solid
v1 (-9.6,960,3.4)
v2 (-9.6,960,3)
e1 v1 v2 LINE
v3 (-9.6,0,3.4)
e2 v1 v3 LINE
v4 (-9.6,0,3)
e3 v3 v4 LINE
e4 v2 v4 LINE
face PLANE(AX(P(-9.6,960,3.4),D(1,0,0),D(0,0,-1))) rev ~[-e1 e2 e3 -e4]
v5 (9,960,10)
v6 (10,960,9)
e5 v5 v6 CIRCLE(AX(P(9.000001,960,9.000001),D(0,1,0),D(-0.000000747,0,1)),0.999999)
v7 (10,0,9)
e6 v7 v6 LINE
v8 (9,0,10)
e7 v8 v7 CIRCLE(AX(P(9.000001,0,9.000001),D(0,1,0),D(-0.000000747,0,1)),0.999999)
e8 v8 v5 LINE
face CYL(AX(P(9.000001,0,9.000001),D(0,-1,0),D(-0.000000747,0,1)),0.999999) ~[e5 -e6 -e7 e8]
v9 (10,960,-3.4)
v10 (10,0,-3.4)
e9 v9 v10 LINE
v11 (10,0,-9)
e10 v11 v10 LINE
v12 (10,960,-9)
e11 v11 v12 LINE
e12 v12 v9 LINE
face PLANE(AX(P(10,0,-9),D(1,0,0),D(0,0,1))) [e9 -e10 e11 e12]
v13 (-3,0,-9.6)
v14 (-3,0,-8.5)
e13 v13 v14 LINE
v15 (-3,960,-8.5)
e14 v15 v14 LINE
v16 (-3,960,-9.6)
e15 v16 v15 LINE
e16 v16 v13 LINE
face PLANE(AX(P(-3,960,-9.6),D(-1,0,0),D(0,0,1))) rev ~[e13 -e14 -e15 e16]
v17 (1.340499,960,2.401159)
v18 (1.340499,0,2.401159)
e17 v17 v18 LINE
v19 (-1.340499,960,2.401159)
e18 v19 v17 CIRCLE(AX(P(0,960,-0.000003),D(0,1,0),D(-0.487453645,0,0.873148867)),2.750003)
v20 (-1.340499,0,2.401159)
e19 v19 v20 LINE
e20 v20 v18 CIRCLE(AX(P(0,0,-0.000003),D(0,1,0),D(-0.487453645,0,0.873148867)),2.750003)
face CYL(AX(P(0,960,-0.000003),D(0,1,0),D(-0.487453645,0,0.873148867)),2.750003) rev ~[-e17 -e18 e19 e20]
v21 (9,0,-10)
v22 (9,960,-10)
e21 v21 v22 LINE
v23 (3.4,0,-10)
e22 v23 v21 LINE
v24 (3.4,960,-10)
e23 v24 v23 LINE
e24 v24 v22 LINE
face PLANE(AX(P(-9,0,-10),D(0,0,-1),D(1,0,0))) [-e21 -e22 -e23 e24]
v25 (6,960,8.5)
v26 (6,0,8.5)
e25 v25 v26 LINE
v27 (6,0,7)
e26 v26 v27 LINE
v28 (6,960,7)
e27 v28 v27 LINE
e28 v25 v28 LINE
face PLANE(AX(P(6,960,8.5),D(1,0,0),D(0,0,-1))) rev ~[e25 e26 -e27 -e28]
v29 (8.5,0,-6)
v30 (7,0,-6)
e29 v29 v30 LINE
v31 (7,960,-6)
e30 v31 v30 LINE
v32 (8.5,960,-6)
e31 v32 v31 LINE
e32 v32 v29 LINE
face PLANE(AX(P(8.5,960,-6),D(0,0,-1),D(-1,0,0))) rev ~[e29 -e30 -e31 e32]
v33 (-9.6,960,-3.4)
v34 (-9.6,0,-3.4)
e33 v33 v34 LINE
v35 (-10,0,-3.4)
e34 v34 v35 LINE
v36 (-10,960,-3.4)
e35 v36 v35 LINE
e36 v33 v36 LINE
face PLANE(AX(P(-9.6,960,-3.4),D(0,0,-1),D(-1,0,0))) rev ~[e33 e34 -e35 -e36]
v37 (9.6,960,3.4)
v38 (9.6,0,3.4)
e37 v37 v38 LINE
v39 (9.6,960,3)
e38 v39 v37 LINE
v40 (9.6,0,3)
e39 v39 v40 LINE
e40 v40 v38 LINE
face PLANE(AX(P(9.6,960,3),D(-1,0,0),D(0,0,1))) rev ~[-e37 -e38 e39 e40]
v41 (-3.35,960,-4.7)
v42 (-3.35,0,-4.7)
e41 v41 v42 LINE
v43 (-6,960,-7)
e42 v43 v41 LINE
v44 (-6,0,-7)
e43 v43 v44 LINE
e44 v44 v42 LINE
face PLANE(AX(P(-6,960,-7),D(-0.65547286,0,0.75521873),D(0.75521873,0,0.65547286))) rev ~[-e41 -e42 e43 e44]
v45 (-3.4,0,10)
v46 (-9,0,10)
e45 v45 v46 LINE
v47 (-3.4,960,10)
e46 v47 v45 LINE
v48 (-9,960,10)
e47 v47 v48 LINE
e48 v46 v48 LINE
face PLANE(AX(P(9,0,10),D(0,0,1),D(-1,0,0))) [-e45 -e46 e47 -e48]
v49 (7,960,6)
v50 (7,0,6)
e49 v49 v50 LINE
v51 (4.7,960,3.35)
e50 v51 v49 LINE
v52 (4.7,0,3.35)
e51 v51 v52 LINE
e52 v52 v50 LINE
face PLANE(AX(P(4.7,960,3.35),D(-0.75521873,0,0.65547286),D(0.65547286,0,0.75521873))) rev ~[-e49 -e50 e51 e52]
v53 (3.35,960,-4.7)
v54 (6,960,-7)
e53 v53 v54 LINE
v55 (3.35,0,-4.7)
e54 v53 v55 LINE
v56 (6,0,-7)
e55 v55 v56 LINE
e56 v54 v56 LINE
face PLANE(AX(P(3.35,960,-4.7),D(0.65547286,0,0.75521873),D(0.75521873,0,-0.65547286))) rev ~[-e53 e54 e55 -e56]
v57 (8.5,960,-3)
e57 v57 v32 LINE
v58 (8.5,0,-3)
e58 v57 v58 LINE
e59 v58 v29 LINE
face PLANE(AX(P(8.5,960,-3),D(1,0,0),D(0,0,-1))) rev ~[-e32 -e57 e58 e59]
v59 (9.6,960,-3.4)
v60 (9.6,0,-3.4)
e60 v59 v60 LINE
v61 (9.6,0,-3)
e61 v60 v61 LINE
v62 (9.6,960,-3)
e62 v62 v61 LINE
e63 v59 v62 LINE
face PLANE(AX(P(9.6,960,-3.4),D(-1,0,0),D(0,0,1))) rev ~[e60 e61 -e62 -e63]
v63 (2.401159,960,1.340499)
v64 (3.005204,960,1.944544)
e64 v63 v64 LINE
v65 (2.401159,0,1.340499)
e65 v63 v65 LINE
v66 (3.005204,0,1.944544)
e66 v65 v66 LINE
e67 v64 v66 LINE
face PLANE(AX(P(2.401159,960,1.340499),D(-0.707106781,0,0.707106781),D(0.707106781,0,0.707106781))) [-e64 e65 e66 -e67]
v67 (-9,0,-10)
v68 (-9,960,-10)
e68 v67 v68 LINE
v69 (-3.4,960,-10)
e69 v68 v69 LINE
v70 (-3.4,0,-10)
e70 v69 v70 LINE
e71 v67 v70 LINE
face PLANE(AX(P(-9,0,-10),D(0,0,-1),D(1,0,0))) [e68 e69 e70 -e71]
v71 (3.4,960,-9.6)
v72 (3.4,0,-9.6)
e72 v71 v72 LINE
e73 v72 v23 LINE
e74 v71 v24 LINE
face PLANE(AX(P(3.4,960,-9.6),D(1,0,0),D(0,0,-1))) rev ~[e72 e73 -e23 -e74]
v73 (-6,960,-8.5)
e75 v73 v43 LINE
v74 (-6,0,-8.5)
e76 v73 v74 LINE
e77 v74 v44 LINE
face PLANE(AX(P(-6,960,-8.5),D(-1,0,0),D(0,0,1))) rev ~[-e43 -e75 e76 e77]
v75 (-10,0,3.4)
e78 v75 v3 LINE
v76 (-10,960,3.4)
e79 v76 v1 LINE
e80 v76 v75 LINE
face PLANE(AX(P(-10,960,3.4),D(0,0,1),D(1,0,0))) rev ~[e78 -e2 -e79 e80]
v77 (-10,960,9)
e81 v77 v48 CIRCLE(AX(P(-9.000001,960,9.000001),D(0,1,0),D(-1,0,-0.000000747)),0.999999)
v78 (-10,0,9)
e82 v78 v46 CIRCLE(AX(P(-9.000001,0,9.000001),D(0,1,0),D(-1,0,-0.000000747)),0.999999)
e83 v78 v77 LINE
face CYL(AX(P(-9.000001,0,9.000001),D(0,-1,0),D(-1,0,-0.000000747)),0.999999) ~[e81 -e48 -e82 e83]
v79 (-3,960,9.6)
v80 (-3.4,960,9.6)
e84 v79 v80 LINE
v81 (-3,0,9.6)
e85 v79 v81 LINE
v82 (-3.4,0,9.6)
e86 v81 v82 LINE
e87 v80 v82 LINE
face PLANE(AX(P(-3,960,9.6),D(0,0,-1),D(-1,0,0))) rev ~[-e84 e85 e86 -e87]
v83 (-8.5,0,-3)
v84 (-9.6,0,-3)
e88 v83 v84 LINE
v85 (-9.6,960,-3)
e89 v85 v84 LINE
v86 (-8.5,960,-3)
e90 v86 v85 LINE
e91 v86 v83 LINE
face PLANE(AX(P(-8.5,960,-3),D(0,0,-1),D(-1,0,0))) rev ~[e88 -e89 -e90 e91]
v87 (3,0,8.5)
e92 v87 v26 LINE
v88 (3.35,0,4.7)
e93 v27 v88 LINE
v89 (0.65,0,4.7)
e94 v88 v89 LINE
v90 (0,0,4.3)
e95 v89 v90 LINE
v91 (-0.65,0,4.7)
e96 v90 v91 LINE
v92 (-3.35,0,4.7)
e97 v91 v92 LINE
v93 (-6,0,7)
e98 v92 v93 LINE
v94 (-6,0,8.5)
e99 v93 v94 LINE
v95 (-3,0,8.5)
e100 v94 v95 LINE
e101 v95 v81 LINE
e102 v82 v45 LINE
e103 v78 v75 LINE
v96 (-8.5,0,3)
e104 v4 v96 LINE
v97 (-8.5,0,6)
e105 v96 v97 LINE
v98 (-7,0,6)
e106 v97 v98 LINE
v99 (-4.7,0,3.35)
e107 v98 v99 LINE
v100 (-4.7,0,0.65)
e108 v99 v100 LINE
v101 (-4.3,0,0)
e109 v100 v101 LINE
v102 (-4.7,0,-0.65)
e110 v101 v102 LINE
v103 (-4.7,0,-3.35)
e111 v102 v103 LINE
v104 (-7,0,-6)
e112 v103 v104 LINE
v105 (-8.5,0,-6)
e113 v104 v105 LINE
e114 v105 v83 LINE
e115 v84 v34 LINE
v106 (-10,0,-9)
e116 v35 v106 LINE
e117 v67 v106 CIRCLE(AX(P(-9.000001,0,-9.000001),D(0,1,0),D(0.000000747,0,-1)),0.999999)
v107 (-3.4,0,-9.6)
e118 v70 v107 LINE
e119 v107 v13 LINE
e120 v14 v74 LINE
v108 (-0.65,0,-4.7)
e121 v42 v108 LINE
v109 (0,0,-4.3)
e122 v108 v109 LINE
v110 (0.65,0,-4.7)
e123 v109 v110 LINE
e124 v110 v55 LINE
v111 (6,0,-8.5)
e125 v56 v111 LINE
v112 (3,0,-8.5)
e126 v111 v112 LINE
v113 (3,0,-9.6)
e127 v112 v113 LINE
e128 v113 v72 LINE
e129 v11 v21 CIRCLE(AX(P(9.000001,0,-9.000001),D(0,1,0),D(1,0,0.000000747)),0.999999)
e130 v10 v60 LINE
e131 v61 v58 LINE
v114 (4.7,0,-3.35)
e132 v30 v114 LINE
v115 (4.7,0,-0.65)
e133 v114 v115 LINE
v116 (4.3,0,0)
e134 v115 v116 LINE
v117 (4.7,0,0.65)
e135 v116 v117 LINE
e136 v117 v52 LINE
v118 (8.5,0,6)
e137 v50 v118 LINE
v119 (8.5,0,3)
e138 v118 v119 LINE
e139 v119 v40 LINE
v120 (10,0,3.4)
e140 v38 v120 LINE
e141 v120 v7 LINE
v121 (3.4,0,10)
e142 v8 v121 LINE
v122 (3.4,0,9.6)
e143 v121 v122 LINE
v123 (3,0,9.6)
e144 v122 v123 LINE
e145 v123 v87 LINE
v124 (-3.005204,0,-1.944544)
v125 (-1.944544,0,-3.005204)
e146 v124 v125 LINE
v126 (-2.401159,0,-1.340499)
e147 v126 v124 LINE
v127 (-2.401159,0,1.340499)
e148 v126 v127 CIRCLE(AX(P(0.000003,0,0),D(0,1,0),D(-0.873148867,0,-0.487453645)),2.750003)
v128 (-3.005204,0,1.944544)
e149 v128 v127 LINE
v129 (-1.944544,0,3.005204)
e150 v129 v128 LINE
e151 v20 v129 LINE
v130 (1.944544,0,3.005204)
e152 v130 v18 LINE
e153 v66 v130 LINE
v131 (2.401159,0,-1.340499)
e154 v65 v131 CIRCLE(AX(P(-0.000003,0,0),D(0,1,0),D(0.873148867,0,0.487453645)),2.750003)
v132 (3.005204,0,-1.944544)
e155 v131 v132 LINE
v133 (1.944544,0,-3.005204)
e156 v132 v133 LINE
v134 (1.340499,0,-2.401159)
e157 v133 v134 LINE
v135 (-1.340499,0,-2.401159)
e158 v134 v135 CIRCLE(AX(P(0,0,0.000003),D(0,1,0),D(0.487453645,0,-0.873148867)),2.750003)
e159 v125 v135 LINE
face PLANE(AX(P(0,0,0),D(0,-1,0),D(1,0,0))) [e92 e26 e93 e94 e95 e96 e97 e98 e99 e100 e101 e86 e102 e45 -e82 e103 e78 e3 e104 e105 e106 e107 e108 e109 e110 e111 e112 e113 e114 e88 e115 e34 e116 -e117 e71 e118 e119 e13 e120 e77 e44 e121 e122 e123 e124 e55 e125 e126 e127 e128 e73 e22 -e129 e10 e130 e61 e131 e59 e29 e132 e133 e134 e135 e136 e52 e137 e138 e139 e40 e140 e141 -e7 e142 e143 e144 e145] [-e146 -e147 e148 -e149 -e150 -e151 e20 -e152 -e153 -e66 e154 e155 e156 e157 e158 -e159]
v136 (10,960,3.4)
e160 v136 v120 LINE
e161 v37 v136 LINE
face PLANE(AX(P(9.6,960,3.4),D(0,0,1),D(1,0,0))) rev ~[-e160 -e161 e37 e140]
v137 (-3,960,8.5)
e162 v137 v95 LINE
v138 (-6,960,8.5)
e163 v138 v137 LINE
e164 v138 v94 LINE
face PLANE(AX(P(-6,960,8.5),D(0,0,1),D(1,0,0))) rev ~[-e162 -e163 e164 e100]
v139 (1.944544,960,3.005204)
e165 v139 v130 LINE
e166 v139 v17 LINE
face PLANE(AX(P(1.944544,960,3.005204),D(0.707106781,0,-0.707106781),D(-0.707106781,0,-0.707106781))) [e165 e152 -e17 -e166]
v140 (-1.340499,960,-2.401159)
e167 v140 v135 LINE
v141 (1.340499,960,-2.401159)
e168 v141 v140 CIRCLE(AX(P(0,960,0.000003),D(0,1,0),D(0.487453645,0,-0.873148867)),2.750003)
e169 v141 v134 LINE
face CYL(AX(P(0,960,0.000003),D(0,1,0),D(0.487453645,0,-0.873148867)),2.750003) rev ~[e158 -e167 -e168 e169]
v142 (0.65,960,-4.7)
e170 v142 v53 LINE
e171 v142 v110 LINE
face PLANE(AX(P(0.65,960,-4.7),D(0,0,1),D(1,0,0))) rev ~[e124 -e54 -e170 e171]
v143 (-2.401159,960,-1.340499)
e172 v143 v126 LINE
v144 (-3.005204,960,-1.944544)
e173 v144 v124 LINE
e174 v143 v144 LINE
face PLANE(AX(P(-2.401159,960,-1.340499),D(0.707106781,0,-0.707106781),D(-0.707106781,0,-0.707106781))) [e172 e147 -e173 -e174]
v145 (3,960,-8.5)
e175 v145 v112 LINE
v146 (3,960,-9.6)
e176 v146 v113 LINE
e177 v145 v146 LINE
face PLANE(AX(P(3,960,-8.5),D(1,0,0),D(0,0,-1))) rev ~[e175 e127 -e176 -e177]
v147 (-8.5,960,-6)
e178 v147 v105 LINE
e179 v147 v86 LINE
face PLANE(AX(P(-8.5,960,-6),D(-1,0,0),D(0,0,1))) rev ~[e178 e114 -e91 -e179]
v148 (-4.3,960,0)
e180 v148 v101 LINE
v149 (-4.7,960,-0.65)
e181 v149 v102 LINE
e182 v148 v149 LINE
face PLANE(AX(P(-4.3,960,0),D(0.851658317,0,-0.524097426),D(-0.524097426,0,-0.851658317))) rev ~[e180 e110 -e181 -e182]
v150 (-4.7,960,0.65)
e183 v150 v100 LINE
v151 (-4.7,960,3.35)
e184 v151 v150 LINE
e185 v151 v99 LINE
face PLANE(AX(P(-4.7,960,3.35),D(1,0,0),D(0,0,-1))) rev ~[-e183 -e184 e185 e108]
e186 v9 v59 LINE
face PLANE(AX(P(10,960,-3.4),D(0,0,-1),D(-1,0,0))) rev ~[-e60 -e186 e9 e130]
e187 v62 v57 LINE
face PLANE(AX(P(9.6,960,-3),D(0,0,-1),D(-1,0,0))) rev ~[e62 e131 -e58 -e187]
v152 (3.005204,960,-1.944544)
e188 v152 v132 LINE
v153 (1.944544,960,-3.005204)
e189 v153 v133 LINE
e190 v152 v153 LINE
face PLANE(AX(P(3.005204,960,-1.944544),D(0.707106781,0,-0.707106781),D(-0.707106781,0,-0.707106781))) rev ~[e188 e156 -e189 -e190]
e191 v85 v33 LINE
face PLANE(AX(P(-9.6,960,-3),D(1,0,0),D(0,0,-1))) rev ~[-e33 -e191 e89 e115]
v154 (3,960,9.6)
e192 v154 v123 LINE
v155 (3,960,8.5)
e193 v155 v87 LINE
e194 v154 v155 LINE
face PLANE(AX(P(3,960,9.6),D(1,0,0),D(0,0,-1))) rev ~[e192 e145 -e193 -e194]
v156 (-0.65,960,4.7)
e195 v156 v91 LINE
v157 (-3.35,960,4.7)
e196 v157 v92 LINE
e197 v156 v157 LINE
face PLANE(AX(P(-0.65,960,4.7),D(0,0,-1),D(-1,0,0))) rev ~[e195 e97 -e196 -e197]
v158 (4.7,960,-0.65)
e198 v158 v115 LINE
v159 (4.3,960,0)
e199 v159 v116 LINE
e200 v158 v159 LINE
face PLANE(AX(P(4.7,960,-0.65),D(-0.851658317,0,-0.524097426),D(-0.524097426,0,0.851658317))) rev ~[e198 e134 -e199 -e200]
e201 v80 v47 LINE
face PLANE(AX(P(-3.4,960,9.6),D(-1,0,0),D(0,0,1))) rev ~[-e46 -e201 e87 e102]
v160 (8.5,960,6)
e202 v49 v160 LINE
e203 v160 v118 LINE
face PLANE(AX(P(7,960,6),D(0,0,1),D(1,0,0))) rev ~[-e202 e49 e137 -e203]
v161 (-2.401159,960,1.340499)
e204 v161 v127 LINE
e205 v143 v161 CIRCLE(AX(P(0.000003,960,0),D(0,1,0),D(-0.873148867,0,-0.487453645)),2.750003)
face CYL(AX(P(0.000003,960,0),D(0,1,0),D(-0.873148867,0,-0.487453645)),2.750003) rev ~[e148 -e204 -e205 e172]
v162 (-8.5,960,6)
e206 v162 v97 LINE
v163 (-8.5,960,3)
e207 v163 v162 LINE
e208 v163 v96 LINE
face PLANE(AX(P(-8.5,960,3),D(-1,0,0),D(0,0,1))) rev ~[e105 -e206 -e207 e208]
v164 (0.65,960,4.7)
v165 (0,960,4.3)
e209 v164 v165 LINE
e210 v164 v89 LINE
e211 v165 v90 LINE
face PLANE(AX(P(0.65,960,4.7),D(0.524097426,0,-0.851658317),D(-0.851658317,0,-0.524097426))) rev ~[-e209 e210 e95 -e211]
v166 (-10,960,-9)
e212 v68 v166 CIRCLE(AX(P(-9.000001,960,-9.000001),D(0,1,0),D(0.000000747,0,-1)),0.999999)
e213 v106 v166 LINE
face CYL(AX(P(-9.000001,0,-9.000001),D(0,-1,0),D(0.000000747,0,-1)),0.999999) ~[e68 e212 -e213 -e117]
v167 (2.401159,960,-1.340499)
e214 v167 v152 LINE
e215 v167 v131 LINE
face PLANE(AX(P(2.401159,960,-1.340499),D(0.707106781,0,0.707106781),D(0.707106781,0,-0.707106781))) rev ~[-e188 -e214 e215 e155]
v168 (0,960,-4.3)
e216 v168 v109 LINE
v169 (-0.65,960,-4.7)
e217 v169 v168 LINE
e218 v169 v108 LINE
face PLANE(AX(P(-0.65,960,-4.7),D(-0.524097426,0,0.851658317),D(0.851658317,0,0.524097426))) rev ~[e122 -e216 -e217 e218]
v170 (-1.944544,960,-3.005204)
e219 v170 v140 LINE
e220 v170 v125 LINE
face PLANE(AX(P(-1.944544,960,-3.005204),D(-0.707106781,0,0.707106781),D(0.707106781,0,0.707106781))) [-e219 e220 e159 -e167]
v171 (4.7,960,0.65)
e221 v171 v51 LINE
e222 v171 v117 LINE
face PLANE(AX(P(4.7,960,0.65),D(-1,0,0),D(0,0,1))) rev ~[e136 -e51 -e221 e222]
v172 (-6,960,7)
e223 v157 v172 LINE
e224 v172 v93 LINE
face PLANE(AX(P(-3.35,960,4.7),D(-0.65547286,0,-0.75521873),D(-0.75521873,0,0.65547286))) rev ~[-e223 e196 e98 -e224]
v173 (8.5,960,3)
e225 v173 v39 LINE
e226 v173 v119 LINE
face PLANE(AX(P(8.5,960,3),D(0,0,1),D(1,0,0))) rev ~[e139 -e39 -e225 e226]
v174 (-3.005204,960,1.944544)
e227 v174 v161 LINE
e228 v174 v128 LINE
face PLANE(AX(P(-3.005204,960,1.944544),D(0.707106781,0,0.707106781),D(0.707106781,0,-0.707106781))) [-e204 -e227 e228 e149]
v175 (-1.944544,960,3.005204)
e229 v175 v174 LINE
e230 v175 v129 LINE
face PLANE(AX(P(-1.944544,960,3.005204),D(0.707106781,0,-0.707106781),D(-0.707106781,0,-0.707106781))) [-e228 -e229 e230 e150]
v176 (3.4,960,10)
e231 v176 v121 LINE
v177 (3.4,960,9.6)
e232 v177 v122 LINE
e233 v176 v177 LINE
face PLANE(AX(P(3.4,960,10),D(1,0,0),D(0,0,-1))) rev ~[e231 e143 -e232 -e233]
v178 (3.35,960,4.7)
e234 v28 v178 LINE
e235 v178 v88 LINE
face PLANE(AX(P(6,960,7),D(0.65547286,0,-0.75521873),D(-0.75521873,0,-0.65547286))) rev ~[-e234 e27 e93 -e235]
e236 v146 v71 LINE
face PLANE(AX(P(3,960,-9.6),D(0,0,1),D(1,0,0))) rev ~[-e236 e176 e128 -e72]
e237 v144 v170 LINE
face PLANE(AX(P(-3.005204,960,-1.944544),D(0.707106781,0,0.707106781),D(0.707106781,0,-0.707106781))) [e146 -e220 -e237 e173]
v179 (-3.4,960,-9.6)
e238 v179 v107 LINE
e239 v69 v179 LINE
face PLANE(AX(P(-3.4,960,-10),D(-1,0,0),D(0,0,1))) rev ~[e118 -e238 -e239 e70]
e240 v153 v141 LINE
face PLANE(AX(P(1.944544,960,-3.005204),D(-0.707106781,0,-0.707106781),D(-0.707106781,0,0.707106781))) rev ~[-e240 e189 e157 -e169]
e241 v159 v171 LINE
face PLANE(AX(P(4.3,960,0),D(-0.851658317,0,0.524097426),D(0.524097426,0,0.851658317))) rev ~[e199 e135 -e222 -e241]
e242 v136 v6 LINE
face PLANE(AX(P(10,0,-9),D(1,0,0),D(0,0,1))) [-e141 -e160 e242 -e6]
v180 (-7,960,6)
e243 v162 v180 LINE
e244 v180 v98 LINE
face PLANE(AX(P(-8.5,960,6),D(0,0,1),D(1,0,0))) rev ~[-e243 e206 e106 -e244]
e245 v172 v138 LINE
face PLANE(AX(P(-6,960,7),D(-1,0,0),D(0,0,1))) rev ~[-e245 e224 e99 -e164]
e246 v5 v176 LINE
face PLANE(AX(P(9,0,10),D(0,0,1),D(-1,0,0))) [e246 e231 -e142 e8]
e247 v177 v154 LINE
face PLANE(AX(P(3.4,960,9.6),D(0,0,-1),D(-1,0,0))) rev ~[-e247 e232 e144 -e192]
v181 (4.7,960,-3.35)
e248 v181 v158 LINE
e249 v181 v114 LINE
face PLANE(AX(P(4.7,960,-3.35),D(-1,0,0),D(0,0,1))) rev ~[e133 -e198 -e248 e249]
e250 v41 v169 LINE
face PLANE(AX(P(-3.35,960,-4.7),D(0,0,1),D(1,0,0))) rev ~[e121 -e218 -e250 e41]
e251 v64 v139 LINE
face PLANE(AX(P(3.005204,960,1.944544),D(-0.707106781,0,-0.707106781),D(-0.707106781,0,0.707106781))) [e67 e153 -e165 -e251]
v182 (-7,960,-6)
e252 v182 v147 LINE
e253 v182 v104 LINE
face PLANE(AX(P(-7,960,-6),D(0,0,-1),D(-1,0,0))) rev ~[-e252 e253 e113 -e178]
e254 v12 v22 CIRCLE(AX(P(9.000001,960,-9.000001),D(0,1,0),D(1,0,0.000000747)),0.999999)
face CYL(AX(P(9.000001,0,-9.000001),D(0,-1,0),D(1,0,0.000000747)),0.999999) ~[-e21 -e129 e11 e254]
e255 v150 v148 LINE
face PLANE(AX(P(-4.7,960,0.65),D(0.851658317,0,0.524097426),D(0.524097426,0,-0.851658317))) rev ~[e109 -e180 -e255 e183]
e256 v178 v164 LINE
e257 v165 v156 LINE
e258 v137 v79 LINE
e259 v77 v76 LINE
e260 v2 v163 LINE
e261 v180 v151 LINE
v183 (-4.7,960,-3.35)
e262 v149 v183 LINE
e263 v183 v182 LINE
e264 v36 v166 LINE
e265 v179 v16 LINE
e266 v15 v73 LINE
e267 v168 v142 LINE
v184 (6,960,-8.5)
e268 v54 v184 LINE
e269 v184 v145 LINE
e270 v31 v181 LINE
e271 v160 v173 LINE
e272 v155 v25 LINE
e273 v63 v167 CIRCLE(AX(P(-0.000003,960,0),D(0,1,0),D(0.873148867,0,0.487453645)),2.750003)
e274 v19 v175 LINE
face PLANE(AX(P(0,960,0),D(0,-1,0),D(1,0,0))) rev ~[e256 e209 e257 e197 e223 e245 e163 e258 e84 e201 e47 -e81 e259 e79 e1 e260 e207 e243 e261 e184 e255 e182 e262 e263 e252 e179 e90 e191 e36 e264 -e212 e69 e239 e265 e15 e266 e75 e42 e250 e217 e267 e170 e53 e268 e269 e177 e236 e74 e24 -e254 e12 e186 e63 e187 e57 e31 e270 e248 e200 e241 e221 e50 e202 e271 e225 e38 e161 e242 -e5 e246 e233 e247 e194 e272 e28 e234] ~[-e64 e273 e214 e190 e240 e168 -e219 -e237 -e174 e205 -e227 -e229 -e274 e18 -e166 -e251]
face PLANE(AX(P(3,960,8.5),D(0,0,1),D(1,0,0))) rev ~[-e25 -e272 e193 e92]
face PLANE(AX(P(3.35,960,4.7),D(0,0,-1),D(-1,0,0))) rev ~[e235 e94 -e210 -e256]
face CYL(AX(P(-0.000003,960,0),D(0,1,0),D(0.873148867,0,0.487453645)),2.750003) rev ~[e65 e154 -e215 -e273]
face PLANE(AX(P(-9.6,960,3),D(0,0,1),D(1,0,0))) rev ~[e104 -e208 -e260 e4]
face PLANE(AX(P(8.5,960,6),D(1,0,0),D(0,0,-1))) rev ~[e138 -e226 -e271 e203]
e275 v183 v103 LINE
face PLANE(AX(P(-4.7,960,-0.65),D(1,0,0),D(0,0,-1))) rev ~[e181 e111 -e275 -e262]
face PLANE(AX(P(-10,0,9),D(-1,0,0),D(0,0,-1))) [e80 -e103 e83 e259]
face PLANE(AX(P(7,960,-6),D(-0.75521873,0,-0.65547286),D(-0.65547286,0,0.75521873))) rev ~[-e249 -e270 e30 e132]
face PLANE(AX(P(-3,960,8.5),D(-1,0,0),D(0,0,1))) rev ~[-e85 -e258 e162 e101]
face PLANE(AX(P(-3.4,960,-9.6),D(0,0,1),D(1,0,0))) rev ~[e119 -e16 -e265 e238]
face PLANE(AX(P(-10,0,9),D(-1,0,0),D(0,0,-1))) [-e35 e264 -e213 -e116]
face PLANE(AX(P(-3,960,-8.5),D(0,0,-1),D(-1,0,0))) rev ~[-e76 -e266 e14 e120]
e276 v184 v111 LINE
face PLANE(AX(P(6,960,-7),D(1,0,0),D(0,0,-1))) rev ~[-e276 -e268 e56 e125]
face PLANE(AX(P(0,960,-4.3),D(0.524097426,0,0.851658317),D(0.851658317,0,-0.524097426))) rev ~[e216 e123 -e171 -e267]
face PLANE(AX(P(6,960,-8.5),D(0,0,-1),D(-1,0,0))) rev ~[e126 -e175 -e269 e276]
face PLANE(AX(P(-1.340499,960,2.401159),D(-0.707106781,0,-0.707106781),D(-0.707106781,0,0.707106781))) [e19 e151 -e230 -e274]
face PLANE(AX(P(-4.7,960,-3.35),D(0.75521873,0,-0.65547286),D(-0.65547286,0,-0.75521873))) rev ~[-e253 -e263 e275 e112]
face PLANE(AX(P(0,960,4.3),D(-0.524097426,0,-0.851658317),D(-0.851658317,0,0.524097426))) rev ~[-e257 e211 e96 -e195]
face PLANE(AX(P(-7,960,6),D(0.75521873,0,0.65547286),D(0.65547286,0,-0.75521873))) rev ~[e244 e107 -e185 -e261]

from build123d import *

# Parameters (mm, degrees)
PAD_DEPTH          = 960
POCKET_DEPTH       = 960
POLARPATTERN_COUNT = 4
POCKET001_DEPTH    = 960


with BuildPart() as part:
    # Sketch → Pad (new body)
    with BuildSketch(Plane(origin=(0, 0, 0), x_dir=(-1, 0, 0), z_dir=(0, 1, 0))):
        with BuildLine():
            Line((-9, 10), (9, 10))
            ThreePointArc((10, 9), (9.707107, 9.707107), (9, 10))
            Line((10, 9), (10, -9))
            ThreePointArc((9, -10), (9.707107, -9.707107), (10, -9))
            Line((9, -10), (-9, -10))
            ThreePointArc((-10, -9), (-9.707107, -9.707107), (-9, -10))
            Line((-10, -9), (-10, 9))
            ThreePointArc((-9, 10), (-9.707107, 9.707107), (-10, 9))
        make_face()
    extrude(amount=PAD_DEPTH)

    # Sketch001 (on Face10 of Pad) → Pocket (cut)
    with BuildSketch(Plane(origin=(0, 960, 0), x_dir=(1, 0, 0), z_dir=(0, 1, 0))):
        Polygon((-3.4, 10), (-3.4, 9.6), (-3, 9.6), (-3, 8.5), (-6, 8.5), (-6, 7), (-3.35, 4.7), (-0.65, 4.7), (0, 4.3), (0.65, 4.7), (3.35, 4.7), (6, 7), (6, 8.5), (3, 8.5), (3, 9.6), (3.4, 9.6), (3.4, 10), align=None)
    pocket = extrude(amount=-POCKET_DEPTH, mode=Mode.SUBTRACT)

    # PolarPattern: Pocket ×4 about axis
    polarpattern_axis = Axis((0, 960, 0), (0, 1, 0))
    for i in range(1, POLARPATTERN_COUNT):
        add(pocket.rotate(polarpattern_axis, i * 360 / POLARPATTERN_COUNT), mode=Mode.SUBTRACT)

    # Sketch002 (on Face4 of PolarPattern) → Pocket001 (cut)
    with BuildSketch(Plane(origin=(0, 960, 0), x_dir=(1, 0, 0), z_dir=(0, 1, 0))):
        with BuildLine():
            ThreePointArc((1.340499, 2.401159), (0, 2.75), (-1.340499, 2.401159))
            Line((-1.944544, 3.005204), (-1.340499, 2.401159))
            Line((-3.005204, 1.944544), (-1.944544, 3.005204))
            Line((-2.401159, 1.340499), (-3.005204, 1.944544))
            ThreePointArc((-2.401159, 1.340499), (-2.75, 0), (-2.401159, -1.340499))
            Line((-3.005204, -1.944544), (-2.401159, -1.340499))
            Line((-1.944544, -3.005204), (-3.005204, -1.944544))
            Line((-1.340499, -2.401159), (-1.944544, -3.005204))
            ThreePointArc((-1.340499, -2.401159), (0, -2.75), (1.340499, -2.401159))
            Line((1.944544, -3.005204), (1.340499, -2.401159))
            Line((3.005204, -1.944544), (1.944544, -3.005204))
            Line((2.401159, -1.340499), (3.005204, -1.944544))
            ThreePointArc((2.401159, -1.340499), (2.75, 0), (2.401159, 1.340499))
            Line((2.401159, 1.340499), (3.005204, 1.944544))
            Line((3.005204, 1.944544), (1.944544, 3.005204))
            Line((1.944544, 3.005204), (1.340499, 2.401159))
        make_face()
    extrude(amount=-POCKET001_DEPTH, mode=Mode.SUBTRACT)


solid = part.part
